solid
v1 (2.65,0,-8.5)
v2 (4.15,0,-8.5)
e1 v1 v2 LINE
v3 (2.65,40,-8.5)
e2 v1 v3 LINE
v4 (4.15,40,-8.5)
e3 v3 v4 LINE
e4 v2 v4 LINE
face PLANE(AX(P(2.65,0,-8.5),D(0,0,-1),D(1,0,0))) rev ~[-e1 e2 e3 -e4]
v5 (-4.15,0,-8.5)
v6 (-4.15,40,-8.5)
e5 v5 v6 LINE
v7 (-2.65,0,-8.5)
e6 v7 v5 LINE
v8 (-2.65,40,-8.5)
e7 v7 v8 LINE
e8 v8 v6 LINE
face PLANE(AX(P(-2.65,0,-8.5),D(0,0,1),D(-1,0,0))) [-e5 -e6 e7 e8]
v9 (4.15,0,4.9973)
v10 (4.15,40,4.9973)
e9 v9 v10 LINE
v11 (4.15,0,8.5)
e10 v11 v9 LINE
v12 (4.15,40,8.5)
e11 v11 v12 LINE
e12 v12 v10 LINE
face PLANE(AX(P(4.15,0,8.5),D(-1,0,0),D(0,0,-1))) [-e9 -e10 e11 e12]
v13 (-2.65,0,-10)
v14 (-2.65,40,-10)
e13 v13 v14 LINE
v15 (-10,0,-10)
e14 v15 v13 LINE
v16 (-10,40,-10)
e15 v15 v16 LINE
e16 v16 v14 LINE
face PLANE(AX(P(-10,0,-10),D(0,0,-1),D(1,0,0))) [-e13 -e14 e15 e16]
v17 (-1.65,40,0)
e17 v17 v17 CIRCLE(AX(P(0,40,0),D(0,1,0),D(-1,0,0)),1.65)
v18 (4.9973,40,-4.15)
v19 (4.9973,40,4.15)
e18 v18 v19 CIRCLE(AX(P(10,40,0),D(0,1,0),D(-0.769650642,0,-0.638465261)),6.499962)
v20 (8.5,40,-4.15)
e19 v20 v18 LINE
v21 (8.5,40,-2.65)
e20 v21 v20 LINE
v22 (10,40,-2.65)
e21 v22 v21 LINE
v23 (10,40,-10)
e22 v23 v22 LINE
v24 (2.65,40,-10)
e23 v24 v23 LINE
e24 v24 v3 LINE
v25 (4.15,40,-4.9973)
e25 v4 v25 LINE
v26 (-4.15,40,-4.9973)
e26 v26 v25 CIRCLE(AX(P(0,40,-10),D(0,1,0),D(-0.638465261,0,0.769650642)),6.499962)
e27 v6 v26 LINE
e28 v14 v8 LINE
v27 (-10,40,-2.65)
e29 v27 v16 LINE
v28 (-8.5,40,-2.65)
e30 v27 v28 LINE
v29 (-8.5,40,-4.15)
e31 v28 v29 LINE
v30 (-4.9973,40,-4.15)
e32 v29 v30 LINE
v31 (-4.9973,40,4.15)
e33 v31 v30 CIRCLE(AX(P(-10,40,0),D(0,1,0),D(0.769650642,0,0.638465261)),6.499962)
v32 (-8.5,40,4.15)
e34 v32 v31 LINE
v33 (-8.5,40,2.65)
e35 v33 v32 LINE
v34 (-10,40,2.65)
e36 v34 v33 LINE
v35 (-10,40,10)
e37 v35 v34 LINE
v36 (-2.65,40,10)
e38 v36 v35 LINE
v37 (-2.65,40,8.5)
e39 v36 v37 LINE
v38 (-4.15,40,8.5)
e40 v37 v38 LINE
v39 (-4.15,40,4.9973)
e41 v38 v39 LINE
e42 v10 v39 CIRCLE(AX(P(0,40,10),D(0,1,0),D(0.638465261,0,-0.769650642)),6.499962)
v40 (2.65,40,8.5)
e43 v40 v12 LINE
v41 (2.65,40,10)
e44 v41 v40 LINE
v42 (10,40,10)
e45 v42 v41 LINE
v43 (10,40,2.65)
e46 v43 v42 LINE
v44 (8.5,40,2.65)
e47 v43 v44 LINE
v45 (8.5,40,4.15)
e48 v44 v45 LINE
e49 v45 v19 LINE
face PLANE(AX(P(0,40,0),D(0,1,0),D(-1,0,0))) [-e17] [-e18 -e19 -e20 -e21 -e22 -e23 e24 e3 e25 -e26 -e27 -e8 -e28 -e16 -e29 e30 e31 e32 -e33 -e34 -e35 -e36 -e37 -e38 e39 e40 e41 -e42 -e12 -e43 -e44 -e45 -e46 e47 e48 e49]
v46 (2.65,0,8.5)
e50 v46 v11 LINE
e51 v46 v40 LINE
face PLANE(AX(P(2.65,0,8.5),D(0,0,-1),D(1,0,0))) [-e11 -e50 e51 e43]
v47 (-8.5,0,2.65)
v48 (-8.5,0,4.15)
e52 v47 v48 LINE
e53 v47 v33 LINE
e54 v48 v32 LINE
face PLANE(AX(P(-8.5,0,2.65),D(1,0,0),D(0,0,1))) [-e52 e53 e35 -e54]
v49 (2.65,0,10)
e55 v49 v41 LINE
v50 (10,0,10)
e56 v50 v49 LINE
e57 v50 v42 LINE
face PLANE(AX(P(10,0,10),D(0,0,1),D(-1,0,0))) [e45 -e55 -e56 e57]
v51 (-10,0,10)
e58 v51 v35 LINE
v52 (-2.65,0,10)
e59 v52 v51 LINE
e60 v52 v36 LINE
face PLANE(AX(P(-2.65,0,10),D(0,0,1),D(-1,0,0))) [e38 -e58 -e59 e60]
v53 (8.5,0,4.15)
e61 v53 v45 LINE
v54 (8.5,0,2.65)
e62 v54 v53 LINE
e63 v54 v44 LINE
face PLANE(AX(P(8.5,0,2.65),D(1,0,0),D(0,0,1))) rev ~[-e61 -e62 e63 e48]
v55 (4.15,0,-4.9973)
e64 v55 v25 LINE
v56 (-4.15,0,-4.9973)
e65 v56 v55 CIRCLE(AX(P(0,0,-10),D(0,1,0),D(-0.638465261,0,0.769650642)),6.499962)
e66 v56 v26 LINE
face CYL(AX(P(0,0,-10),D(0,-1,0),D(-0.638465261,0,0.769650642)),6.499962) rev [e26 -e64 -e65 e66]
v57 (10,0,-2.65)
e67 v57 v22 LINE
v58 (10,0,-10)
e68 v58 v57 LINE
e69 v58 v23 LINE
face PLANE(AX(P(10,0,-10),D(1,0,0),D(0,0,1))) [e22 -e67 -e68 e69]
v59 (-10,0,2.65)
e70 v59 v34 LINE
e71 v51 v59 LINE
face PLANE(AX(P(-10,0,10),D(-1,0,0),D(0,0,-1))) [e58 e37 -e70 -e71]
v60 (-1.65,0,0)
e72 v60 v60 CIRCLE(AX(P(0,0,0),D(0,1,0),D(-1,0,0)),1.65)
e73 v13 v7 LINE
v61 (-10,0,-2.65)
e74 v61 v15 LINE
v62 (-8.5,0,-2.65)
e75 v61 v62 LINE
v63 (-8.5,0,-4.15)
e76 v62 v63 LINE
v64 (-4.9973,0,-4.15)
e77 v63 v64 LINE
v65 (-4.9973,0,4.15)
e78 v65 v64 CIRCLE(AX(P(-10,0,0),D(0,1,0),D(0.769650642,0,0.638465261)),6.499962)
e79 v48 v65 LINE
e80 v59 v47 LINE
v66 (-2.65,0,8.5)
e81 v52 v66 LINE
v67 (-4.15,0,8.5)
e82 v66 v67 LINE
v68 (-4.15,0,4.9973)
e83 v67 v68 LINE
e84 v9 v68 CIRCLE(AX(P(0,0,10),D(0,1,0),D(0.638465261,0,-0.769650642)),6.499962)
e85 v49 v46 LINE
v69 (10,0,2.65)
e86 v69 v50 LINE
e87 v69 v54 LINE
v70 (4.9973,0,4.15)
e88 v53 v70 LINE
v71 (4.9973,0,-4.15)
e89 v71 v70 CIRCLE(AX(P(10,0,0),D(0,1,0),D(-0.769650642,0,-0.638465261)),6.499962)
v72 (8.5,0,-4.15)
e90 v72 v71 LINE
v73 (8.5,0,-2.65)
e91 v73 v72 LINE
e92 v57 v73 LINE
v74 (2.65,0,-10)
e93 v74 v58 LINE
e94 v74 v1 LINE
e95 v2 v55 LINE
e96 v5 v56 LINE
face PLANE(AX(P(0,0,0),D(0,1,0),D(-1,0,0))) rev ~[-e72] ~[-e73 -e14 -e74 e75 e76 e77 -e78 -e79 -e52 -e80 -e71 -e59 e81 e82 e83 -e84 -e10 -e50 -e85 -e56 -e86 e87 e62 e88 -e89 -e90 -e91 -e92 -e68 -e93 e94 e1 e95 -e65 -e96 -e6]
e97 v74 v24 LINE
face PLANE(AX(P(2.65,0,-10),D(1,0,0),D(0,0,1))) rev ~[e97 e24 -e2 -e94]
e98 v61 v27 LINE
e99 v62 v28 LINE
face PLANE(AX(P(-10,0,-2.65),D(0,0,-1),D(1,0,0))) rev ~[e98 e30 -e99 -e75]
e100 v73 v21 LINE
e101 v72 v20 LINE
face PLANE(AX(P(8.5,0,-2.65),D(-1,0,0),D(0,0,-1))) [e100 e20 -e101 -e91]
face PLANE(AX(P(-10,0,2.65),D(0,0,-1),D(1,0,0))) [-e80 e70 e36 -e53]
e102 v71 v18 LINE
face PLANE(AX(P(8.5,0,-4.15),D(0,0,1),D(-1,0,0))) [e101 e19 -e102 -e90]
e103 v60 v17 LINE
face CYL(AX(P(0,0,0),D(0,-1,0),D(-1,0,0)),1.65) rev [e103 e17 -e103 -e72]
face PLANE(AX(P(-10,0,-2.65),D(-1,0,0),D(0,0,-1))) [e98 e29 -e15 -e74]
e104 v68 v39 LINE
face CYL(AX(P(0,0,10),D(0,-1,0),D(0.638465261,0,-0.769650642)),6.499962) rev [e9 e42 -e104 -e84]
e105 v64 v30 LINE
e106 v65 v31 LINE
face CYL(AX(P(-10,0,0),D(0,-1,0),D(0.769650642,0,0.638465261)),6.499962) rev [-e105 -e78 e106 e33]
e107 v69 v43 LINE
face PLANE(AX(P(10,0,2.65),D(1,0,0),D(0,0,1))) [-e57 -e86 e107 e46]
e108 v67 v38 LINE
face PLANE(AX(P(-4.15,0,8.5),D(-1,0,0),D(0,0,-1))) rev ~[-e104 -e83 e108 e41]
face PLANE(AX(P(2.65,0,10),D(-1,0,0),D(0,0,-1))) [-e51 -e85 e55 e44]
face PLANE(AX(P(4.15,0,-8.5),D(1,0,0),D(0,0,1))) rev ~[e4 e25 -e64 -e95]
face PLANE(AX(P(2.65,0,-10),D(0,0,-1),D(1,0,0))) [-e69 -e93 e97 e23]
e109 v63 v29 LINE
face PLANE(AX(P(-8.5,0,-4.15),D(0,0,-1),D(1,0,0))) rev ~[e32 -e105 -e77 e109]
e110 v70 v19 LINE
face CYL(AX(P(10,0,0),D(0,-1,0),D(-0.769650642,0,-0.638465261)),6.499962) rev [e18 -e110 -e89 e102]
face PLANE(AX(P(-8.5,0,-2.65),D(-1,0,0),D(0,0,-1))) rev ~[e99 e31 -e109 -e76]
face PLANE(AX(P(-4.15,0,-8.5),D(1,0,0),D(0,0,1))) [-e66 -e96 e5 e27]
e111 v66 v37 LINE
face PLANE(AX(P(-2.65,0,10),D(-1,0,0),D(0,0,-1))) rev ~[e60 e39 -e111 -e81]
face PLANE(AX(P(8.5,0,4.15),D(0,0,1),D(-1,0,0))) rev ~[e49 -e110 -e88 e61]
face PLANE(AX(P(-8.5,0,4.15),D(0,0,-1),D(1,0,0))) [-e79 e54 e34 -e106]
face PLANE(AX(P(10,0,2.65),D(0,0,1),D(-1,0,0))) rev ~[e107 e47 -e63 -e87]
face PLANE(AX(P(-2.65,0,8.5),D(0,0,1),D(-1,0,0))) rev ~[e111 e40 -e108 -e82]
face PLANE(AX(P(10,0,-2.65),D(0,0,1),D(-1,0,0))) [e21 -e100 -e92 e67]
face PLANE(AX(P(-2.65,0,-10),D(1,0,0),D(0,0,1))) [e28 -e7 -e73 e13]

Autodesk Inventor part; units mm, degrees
ref_plane "YZ Plane" through (0, 0, 0) normal (1, 0, 0) x (0, 1, 0)
ref_plane "XZ Plane" through (0, 0, 0) normal (0, 1, 0) x (-1, 0, 0)
ref_plane "XY Plane" through (0, 0, 0) normal (0, 0, 1) x (1, 0, 0)
sketch "草圖1" plane through (0, 0, 0) normal (0, 1, 0) x (-1, 0, 0)
  line L0 (10, 10) -> (10, -10)
  line L1 (-10, -10) -> (-10, 10)
  line L2 (-10, 10) -> (10, -10) construction
  line L3 (10, 10) -> (-10, -10) construction
  line L4 (2.65, -10) -> (2.65, -8.5)
  line L5 (2.65, -8.5) -> (4.15, -8.5)
  line L6 (4.15, -8.5) -> (4.15, -4.9973)
  arc A0 (4.15, -4.9973) -> (-4.15, -4.9973) centre (0, -10) ccw
  line L7 (0, -10) -> (0, 0) construction
  line L8 (-2.65, -10) -> (-2.65, -8.5)
  line L9 (-2.65, -8.5) -> (-4.15, -8.5)
  line L10 (-4.15, -8.5) -> (-4.15, -4.9973)
  arc A1 (4.9973, 4.15) -> (4.9973, -4.15) centre (10, 0) ccw
  line L11 (10, 2.65) -> (8.5, 2.65)
  line L12 (8.5, 2.65) -> (8.5, 4.15)
  line L13 (8.5, 4.15) -> (4.9973, 4.15)
  line L14 (10, -2.65) -> (8.5, -2.65)
  line L15 (8.5, -2.65) -> (8.5, -4.15)
  line L16 (8.5, -4.15) -> (4.9973, -4.15)
  arc A2 (-4.15, 4.9973) -> (4.15, 4.9973) centre (0, 10) ccw
  line L17 (-2.65, 10) -> (-2.65, 8.5)
  line L18 (-2.65, 8.5) -> (-4.15, 8.5)
  line L19 (-4.15, 8.5) -> (-4.15, 4.9973)
  line L20 (2.65, 10) -> (2.65, 8.5)
  line L21 (2.65, 8.5) -> (4.15, 8.5)
  line L22 (4.15, 8.5) -> (4.15, 4.9973)
  arc A3 (-4.9973, -4.15) -> (-4.9973, 4.15) centre (-10, 0) ccw
  line L23 (-10, -2.65) -> (-8.5, -2.65)
  line L24 (-8.5, -2.65) -> (-8.5, -4.15)
  line L25 (-8.5, -4.15) -> (-4.9973, -4.15)
  line L26 (-10, 2.65) -> (-8.5, 2.65)
  line L27 (-8.5, 2.65) -> (-8.5, 4.15)
  line L28 (-8.5, 4.15) -> (-4.9973, 4.15)
  line L29 (10, -10) -> (2.65, -10)
  line L30 (-2.65, -10) -> (-10, -10)
  line L31 (-10, 10) -> (-2.65, 10)
  line L32 (2.65, 10) -> (10, 10)
  circle A4 centre (0, 0) radius 1.65
  point P0 (2.65, -9.25)
  point P1 (-2.65, -9.25)
  point P2 (9.25, 2.65)
  point P3 (9.25, -2.65)
  point P4 (-2.65, 9.25)
  point P5 (2.65, 9.25)
  point P6 (-9.25, -2.65)
  point P7 (-9.25, 2.65)
  dimension "d0" = 20
  dimension "d1" = 20
  dimension "d2" = 13
  dimension "d3" = 1.5
  dimension "d4" = 2.65
  dimension "d5" = 4.15
  dimension "d8" = 360
  dimension "d10" = 3.3
extrude "擠出1" add sketch "草圖1" along normal blind 40 contours L0 L11 L12 L13 A1 L16 L15 L14 L29 L4 L5 L6 A0 L10 L9 L8 L30 L1 L23 L24 L25 A3 L28 L27 L26 L31 L17 L18 L19 A2 L22 L21 L20 L32
properties part number "j3j4 alumi ext"
